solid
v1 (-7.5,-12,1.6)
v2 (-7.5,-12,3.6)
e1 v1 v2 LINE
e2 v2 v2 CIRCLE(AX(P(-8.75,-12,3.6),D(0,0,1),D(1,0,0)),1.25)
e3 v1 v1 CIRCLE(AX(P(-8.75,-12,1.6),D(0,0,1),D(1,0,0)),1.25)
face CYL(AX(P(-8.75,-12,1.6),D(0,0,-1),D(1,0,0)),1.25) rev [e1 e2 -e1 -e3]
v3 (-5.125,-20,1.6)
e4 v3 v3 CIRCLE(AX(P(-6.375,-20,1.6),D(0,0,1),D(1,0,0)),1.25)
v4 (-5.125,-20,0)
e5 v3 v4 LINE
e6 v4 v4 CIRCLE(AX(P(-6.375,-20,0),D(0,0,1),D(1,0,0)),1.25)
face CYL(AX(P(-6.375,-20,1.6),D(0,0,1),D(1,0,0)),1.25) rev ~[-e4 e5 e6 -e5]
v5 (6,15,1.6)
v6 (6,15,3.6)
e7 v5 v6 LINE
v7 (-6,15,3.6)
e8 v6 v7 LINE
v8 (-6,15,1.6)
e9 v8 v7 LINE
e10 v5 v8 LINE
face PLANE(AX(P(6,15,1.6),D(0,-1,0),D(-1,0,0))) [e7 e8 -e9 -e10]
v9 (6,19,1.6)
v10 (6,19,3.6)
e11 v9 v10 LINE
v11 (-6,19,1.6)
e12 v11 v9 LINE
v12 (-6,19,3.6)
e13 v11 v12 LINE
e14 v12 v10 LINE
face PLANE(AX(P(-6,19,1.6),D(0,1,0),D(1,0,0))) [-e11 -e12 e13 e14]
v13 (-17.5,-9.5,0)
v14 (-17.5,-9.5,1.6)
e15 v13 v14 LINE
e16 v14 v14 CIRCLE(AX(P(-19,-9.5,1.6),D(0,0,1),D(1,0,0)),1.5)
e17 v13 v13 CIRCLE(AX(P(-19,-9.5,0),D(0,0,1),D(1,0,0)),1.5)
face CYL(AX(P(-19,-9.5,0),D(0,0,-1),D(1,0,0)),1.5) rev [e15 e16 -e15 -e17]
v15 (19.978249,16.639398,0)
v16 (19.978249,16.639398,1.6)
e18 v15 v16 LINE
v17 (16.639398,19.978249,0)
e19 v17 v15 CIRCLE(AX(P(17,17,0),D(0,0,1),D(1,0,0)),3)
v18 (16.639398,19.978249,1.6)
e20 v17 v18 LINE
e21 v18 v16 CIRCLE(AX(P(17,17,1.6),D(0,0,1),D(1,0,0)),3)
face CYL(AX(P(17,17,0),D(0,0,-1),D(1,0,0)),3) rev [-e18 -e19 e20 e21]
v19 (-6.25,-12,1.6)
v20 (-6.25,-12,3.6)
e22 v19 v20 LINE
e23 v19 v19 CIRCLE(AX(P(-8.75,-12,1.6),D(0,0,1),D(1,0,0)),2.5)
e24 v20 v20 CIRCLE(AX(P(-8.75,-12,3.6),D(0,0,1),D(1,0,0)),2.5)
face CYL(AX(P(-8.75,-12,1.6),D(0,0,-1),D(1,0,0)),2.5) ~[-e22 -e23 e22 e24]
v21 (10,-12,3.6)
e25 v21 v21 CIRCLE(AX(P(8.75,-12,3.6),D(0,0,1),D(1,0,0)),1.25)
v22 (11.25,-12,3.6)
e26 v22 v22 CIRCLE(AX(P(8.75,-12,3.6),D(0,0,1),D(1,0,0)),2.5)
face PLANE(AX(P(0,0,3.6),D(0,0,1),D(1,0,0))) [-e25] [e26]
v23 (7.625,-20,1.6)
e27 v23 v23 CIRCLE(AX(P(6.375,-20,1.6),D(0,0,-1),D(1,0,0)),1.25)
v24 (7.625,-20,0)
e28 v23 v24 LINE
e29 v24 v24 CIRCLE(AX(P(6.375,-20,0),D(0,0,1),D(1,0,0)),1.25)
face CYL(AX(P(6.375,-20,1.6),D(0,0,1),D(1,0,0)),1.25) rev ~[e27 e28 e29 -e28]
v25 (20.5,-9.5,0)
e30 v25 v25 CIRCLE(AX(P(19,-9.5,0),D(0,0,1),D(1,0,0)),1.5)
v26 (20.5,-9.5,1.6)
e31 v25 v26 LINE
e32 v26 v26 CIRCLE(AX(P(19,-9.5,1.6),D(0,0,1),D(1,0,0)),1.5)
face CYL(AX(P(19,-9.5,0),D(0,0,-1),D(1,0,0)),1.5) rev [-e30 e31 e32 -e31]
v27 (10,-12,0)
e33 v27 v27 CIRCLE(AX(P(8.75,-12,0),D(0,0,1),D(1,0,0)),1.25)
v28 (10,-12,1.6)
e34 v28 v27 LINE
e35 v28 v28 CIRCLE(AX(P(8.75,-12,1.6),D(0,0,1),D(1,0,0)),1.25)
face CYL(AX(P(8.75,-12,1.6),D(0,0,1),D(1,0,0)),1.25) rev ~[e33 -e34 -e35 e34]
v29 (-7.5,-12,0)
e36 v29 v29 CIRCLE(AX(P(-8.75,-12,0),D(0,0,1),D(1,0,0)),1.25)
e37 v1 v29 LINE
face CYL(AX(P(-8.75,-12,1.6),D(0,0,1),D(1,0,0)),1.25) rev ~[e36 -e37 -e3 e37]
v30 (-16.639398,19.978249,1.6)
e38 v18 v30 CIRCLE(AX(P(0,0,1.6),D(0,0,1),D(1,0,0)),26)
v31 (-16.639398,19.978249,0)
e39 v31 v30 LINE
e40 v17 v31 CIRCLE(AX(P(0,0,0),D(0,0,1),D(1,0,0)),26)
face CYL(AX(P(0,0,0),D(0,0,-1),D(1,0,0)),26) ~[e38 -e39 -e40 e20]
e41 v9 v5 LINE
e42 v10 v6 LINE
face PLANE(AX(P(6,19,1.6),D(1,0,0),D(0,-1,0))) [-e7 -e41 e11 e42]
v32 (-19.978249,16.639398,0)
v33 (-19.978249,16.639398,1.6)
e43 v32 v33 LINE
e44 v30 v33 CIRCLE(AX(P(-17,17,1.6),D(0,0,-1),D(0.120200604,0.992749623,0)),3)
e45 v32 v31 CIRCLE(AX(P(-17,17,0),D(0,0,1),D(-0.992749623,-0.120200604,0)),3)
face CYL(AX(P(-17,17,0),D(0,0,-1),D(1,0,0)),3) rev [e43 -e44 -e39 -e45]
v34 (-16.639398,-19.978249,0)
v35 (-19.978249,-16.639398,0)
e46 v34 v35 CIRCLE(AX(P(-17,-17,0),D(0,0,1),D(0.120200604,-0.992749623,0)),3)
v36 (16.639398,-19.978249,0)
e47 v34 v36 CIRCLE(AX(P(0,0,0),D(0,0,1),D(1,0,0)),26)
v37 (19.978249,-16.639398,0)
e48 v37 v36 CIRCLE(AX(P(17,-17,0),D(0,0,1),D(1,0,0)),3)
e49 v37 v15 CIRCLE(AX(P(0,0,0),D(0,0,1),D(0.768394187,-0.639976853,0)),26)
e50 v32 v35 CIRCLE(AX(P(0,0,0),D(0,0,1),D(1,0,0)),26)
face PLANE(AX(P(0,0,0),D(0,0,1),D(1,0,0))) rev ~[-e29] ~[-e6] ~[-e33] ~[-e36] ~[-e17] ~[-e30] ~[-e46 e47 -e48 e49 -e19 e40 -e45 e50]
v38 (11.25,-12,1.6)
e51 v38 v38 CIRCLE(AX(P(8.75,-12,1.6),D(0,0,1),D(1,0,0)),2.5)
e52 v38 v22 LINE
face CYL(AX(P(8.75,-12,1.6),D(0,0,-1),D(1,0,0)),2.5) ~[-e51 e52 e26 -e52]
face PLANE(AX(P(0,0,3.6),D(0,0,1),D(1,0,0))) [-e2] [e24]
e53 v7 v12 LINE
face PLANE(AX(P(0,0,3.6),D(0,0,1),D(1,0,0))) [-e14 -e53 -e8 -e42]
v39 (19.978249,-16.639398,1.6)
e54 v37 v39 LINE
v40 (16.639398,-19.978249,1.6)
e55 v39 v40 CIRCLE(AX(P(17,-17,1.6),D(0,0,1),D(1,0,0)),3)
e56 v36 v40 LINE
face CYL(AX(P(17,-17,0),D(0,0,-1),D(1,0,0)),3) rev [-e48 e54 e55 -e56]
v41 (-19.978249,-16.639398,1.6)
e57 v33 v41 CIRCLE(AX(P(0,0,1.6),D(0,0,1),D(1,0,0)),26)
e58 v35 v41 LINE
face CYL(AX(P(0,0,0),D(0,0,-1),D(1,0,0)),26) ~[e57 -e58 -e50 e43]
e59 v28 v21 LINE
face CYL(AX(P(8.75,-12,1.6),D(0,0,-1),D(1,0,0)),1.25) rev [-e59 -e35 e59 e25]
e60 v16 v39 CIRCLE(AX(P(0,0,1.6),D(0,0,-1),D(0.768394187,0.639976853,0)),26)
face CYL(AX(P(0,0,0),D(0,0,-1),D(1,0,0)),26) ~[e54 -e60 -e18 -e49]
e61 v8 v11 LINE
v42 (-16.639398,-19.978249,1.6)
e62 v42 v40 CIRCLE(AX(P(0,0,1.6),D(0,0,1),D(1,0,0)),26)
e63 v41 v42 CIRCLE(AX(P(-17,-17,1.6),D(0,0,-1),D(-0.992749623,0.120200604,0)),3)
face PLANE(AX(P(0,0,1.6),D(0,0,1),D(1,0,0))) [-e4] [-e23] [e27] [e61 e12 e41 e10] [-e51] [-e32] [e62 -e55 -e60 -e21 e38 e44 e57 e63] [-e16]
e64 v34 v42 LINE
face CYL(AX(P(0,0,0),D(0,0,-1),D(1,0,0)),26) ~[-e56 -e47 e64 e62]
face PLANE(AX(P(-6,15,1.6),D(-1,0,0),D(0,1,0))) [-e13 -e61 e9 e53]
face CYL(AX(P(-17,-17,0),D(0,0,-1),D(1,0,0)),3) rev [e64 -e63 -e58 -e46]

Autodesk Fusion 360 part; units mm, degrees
sketch "Sketch1" plane through (0, 0, 0) normal (0, 0, 1) x (1, 0, 0)
  line L0 (17, -17) -> (-17, -17) construction
  line L1 (-17, -17) -> (-17, 17) construction
  line L2 (-17, 17) -> (17, 17) construction
  line L3 (17, 17) -> (17, -17) construction
  line L4 (17, -17) -> (-17, 17) construction
  line L5 (-17, -17) -> (17, 17) construction
  circle A0 centre (17, -17) radius 3
  circle A1 centre (17, 17) radius 3
  circle A2 centre (-17, 17) radius 3
  circle A3 centre (-17, -17) radius 3
  line L6 (-19, -9.5) -> (19, -9.5) construction
  circle A4 centre (19, -9.5) radius 1.5
  circle A5 centre (-19, -9.5) radius 1.5
  circle A6 centre (0, 0) radius 26
  dimension "d1" = 34
  dimension "d2" = 34
  dimension "d3" = 6
  dimension "d4" = 6
  dimension "d5" = 6
  dimension "d6" = 6
  dimension "d7" = 38
  dimension "d8" = 7.5
  dimension "d9" = 3
  dimension "d10" = 3
  dimension "d11" = 52
extrude "Extrude1" add sketch "Sketch1" along normal blind 1.6 contours A0 A1 A2 A3 A6
sketch "Sketch2" plane through (0, 0, 1.6) normal (0, 0, 1) x (1, 0, 0)
  circle A0 centre (-19, -9.5) radius 1.5
  circle A1 centre (19, -9.5) radius 1.5
  line L0 (6, 19) -> (6, 15)
  line L1 (-6, 19) -> (6, 19)
  circle A2 centre (8.75, -12) radius 1.25
  line L2 (6, 15) -> (-6, 19) construction
  circle A3 centre (8.75, -12) radius 2.5
  circle A4 centre (-8.75, -12) radius 2.5
  line L3 (-6, 15) -> (6, 19) construction
  line L4 (6, 15) -> (-6, 15)
  line L5 (-6, 15) -> (-6, 19)
  line L6 (-8.75, -12) -> (8.75, -12) construction
  circle A5 centre (-8.75, -12) radius 1.25
  line L7 (0, 30) -> (0, -30) construction
  point P0 (0, 17)
  point P1 (0, -12)
  dimension "d23" = 12
  dimension "d24" = 4
  dimension "d25" = 17.5
  dimension "d26" = 2.5
  dimension "d27" = 5
  dimension "d28" = 5
  dimension "d29" = 2.5
extrude "Extrude2" add sketch "Sketch2" along normal blind 2 contours L0 L1 L4 L5 | A3 | A4
extrude "Extrude3" cut sketch "Sketch2" against normal blind 2 contours A2 | A5
sketch "Sketch3" plane through (0, 0, 1.6) normal (0, 0, 1) x (1, 0, 0)
  line L0 (-6, 15) -> (-6, 19)
  line L1 (-6, 19) -> (6, 19)
  line L2 (6, 19) -> (6, 15)
  line L3 (6, 15) -> (-6, 15)
  circle A0 centre (8.75, -12) radius 2.5
  circle A1 centre (-19, -9.5) radius 1.5
  circle A2 centre (19, -9.5) radius 1.5
  arc A3 (-16.6394, -19.9782) -> (16.6394, -19.9782) centre (0, 0) ccw
  arc A4 (19.9782, -16.6394) -> (16.6394, -19.9782) centre (17, -17) ccw
  arc A5 (19.9782, -16.6394) -> (19.9782, 16.6394) centre (0, 0) ccw
  arc A6 (16.6394, 19.9782) -> (19.9782, 16.6394) centre (17, 17) ccw
  arc A7 (16.6394, 19.9782) -> (-16.6394, 19.9782) centre (0, 0) ccw
  arc A8 (-19.9782, 16.6394) -> (-16.6394, 19.9782) centre (-17, 17) ccw
  arc A9 (-19.9782, 16.6394) -> (-19.9782, -16.6394) centre (0, 0) ccw
  arc A10 (-16.6394, -19.9782) -> (-19.9782, -16.6394) centre (-17, -17) ccw
  circle A11 centre (-8.75, -12) radius 2.5
  line L4 (-6.375, -20) -> (6.375, -20)
  circle A12 centre (6.375, -20) radius 1.25
  circle A13 centre (-6.375, -20) radius 1.25
  point P0 (0, -20)
  point P1 (8.75, -12)
  dimension "d36" = 12.75
  dimension "d37" = 8
  dimension "d38" = 2.5
  dimension "d39" = 2.5
extrude "Extrude5" cut sketch "Sketch3" against normal through all contours A12 | A13
